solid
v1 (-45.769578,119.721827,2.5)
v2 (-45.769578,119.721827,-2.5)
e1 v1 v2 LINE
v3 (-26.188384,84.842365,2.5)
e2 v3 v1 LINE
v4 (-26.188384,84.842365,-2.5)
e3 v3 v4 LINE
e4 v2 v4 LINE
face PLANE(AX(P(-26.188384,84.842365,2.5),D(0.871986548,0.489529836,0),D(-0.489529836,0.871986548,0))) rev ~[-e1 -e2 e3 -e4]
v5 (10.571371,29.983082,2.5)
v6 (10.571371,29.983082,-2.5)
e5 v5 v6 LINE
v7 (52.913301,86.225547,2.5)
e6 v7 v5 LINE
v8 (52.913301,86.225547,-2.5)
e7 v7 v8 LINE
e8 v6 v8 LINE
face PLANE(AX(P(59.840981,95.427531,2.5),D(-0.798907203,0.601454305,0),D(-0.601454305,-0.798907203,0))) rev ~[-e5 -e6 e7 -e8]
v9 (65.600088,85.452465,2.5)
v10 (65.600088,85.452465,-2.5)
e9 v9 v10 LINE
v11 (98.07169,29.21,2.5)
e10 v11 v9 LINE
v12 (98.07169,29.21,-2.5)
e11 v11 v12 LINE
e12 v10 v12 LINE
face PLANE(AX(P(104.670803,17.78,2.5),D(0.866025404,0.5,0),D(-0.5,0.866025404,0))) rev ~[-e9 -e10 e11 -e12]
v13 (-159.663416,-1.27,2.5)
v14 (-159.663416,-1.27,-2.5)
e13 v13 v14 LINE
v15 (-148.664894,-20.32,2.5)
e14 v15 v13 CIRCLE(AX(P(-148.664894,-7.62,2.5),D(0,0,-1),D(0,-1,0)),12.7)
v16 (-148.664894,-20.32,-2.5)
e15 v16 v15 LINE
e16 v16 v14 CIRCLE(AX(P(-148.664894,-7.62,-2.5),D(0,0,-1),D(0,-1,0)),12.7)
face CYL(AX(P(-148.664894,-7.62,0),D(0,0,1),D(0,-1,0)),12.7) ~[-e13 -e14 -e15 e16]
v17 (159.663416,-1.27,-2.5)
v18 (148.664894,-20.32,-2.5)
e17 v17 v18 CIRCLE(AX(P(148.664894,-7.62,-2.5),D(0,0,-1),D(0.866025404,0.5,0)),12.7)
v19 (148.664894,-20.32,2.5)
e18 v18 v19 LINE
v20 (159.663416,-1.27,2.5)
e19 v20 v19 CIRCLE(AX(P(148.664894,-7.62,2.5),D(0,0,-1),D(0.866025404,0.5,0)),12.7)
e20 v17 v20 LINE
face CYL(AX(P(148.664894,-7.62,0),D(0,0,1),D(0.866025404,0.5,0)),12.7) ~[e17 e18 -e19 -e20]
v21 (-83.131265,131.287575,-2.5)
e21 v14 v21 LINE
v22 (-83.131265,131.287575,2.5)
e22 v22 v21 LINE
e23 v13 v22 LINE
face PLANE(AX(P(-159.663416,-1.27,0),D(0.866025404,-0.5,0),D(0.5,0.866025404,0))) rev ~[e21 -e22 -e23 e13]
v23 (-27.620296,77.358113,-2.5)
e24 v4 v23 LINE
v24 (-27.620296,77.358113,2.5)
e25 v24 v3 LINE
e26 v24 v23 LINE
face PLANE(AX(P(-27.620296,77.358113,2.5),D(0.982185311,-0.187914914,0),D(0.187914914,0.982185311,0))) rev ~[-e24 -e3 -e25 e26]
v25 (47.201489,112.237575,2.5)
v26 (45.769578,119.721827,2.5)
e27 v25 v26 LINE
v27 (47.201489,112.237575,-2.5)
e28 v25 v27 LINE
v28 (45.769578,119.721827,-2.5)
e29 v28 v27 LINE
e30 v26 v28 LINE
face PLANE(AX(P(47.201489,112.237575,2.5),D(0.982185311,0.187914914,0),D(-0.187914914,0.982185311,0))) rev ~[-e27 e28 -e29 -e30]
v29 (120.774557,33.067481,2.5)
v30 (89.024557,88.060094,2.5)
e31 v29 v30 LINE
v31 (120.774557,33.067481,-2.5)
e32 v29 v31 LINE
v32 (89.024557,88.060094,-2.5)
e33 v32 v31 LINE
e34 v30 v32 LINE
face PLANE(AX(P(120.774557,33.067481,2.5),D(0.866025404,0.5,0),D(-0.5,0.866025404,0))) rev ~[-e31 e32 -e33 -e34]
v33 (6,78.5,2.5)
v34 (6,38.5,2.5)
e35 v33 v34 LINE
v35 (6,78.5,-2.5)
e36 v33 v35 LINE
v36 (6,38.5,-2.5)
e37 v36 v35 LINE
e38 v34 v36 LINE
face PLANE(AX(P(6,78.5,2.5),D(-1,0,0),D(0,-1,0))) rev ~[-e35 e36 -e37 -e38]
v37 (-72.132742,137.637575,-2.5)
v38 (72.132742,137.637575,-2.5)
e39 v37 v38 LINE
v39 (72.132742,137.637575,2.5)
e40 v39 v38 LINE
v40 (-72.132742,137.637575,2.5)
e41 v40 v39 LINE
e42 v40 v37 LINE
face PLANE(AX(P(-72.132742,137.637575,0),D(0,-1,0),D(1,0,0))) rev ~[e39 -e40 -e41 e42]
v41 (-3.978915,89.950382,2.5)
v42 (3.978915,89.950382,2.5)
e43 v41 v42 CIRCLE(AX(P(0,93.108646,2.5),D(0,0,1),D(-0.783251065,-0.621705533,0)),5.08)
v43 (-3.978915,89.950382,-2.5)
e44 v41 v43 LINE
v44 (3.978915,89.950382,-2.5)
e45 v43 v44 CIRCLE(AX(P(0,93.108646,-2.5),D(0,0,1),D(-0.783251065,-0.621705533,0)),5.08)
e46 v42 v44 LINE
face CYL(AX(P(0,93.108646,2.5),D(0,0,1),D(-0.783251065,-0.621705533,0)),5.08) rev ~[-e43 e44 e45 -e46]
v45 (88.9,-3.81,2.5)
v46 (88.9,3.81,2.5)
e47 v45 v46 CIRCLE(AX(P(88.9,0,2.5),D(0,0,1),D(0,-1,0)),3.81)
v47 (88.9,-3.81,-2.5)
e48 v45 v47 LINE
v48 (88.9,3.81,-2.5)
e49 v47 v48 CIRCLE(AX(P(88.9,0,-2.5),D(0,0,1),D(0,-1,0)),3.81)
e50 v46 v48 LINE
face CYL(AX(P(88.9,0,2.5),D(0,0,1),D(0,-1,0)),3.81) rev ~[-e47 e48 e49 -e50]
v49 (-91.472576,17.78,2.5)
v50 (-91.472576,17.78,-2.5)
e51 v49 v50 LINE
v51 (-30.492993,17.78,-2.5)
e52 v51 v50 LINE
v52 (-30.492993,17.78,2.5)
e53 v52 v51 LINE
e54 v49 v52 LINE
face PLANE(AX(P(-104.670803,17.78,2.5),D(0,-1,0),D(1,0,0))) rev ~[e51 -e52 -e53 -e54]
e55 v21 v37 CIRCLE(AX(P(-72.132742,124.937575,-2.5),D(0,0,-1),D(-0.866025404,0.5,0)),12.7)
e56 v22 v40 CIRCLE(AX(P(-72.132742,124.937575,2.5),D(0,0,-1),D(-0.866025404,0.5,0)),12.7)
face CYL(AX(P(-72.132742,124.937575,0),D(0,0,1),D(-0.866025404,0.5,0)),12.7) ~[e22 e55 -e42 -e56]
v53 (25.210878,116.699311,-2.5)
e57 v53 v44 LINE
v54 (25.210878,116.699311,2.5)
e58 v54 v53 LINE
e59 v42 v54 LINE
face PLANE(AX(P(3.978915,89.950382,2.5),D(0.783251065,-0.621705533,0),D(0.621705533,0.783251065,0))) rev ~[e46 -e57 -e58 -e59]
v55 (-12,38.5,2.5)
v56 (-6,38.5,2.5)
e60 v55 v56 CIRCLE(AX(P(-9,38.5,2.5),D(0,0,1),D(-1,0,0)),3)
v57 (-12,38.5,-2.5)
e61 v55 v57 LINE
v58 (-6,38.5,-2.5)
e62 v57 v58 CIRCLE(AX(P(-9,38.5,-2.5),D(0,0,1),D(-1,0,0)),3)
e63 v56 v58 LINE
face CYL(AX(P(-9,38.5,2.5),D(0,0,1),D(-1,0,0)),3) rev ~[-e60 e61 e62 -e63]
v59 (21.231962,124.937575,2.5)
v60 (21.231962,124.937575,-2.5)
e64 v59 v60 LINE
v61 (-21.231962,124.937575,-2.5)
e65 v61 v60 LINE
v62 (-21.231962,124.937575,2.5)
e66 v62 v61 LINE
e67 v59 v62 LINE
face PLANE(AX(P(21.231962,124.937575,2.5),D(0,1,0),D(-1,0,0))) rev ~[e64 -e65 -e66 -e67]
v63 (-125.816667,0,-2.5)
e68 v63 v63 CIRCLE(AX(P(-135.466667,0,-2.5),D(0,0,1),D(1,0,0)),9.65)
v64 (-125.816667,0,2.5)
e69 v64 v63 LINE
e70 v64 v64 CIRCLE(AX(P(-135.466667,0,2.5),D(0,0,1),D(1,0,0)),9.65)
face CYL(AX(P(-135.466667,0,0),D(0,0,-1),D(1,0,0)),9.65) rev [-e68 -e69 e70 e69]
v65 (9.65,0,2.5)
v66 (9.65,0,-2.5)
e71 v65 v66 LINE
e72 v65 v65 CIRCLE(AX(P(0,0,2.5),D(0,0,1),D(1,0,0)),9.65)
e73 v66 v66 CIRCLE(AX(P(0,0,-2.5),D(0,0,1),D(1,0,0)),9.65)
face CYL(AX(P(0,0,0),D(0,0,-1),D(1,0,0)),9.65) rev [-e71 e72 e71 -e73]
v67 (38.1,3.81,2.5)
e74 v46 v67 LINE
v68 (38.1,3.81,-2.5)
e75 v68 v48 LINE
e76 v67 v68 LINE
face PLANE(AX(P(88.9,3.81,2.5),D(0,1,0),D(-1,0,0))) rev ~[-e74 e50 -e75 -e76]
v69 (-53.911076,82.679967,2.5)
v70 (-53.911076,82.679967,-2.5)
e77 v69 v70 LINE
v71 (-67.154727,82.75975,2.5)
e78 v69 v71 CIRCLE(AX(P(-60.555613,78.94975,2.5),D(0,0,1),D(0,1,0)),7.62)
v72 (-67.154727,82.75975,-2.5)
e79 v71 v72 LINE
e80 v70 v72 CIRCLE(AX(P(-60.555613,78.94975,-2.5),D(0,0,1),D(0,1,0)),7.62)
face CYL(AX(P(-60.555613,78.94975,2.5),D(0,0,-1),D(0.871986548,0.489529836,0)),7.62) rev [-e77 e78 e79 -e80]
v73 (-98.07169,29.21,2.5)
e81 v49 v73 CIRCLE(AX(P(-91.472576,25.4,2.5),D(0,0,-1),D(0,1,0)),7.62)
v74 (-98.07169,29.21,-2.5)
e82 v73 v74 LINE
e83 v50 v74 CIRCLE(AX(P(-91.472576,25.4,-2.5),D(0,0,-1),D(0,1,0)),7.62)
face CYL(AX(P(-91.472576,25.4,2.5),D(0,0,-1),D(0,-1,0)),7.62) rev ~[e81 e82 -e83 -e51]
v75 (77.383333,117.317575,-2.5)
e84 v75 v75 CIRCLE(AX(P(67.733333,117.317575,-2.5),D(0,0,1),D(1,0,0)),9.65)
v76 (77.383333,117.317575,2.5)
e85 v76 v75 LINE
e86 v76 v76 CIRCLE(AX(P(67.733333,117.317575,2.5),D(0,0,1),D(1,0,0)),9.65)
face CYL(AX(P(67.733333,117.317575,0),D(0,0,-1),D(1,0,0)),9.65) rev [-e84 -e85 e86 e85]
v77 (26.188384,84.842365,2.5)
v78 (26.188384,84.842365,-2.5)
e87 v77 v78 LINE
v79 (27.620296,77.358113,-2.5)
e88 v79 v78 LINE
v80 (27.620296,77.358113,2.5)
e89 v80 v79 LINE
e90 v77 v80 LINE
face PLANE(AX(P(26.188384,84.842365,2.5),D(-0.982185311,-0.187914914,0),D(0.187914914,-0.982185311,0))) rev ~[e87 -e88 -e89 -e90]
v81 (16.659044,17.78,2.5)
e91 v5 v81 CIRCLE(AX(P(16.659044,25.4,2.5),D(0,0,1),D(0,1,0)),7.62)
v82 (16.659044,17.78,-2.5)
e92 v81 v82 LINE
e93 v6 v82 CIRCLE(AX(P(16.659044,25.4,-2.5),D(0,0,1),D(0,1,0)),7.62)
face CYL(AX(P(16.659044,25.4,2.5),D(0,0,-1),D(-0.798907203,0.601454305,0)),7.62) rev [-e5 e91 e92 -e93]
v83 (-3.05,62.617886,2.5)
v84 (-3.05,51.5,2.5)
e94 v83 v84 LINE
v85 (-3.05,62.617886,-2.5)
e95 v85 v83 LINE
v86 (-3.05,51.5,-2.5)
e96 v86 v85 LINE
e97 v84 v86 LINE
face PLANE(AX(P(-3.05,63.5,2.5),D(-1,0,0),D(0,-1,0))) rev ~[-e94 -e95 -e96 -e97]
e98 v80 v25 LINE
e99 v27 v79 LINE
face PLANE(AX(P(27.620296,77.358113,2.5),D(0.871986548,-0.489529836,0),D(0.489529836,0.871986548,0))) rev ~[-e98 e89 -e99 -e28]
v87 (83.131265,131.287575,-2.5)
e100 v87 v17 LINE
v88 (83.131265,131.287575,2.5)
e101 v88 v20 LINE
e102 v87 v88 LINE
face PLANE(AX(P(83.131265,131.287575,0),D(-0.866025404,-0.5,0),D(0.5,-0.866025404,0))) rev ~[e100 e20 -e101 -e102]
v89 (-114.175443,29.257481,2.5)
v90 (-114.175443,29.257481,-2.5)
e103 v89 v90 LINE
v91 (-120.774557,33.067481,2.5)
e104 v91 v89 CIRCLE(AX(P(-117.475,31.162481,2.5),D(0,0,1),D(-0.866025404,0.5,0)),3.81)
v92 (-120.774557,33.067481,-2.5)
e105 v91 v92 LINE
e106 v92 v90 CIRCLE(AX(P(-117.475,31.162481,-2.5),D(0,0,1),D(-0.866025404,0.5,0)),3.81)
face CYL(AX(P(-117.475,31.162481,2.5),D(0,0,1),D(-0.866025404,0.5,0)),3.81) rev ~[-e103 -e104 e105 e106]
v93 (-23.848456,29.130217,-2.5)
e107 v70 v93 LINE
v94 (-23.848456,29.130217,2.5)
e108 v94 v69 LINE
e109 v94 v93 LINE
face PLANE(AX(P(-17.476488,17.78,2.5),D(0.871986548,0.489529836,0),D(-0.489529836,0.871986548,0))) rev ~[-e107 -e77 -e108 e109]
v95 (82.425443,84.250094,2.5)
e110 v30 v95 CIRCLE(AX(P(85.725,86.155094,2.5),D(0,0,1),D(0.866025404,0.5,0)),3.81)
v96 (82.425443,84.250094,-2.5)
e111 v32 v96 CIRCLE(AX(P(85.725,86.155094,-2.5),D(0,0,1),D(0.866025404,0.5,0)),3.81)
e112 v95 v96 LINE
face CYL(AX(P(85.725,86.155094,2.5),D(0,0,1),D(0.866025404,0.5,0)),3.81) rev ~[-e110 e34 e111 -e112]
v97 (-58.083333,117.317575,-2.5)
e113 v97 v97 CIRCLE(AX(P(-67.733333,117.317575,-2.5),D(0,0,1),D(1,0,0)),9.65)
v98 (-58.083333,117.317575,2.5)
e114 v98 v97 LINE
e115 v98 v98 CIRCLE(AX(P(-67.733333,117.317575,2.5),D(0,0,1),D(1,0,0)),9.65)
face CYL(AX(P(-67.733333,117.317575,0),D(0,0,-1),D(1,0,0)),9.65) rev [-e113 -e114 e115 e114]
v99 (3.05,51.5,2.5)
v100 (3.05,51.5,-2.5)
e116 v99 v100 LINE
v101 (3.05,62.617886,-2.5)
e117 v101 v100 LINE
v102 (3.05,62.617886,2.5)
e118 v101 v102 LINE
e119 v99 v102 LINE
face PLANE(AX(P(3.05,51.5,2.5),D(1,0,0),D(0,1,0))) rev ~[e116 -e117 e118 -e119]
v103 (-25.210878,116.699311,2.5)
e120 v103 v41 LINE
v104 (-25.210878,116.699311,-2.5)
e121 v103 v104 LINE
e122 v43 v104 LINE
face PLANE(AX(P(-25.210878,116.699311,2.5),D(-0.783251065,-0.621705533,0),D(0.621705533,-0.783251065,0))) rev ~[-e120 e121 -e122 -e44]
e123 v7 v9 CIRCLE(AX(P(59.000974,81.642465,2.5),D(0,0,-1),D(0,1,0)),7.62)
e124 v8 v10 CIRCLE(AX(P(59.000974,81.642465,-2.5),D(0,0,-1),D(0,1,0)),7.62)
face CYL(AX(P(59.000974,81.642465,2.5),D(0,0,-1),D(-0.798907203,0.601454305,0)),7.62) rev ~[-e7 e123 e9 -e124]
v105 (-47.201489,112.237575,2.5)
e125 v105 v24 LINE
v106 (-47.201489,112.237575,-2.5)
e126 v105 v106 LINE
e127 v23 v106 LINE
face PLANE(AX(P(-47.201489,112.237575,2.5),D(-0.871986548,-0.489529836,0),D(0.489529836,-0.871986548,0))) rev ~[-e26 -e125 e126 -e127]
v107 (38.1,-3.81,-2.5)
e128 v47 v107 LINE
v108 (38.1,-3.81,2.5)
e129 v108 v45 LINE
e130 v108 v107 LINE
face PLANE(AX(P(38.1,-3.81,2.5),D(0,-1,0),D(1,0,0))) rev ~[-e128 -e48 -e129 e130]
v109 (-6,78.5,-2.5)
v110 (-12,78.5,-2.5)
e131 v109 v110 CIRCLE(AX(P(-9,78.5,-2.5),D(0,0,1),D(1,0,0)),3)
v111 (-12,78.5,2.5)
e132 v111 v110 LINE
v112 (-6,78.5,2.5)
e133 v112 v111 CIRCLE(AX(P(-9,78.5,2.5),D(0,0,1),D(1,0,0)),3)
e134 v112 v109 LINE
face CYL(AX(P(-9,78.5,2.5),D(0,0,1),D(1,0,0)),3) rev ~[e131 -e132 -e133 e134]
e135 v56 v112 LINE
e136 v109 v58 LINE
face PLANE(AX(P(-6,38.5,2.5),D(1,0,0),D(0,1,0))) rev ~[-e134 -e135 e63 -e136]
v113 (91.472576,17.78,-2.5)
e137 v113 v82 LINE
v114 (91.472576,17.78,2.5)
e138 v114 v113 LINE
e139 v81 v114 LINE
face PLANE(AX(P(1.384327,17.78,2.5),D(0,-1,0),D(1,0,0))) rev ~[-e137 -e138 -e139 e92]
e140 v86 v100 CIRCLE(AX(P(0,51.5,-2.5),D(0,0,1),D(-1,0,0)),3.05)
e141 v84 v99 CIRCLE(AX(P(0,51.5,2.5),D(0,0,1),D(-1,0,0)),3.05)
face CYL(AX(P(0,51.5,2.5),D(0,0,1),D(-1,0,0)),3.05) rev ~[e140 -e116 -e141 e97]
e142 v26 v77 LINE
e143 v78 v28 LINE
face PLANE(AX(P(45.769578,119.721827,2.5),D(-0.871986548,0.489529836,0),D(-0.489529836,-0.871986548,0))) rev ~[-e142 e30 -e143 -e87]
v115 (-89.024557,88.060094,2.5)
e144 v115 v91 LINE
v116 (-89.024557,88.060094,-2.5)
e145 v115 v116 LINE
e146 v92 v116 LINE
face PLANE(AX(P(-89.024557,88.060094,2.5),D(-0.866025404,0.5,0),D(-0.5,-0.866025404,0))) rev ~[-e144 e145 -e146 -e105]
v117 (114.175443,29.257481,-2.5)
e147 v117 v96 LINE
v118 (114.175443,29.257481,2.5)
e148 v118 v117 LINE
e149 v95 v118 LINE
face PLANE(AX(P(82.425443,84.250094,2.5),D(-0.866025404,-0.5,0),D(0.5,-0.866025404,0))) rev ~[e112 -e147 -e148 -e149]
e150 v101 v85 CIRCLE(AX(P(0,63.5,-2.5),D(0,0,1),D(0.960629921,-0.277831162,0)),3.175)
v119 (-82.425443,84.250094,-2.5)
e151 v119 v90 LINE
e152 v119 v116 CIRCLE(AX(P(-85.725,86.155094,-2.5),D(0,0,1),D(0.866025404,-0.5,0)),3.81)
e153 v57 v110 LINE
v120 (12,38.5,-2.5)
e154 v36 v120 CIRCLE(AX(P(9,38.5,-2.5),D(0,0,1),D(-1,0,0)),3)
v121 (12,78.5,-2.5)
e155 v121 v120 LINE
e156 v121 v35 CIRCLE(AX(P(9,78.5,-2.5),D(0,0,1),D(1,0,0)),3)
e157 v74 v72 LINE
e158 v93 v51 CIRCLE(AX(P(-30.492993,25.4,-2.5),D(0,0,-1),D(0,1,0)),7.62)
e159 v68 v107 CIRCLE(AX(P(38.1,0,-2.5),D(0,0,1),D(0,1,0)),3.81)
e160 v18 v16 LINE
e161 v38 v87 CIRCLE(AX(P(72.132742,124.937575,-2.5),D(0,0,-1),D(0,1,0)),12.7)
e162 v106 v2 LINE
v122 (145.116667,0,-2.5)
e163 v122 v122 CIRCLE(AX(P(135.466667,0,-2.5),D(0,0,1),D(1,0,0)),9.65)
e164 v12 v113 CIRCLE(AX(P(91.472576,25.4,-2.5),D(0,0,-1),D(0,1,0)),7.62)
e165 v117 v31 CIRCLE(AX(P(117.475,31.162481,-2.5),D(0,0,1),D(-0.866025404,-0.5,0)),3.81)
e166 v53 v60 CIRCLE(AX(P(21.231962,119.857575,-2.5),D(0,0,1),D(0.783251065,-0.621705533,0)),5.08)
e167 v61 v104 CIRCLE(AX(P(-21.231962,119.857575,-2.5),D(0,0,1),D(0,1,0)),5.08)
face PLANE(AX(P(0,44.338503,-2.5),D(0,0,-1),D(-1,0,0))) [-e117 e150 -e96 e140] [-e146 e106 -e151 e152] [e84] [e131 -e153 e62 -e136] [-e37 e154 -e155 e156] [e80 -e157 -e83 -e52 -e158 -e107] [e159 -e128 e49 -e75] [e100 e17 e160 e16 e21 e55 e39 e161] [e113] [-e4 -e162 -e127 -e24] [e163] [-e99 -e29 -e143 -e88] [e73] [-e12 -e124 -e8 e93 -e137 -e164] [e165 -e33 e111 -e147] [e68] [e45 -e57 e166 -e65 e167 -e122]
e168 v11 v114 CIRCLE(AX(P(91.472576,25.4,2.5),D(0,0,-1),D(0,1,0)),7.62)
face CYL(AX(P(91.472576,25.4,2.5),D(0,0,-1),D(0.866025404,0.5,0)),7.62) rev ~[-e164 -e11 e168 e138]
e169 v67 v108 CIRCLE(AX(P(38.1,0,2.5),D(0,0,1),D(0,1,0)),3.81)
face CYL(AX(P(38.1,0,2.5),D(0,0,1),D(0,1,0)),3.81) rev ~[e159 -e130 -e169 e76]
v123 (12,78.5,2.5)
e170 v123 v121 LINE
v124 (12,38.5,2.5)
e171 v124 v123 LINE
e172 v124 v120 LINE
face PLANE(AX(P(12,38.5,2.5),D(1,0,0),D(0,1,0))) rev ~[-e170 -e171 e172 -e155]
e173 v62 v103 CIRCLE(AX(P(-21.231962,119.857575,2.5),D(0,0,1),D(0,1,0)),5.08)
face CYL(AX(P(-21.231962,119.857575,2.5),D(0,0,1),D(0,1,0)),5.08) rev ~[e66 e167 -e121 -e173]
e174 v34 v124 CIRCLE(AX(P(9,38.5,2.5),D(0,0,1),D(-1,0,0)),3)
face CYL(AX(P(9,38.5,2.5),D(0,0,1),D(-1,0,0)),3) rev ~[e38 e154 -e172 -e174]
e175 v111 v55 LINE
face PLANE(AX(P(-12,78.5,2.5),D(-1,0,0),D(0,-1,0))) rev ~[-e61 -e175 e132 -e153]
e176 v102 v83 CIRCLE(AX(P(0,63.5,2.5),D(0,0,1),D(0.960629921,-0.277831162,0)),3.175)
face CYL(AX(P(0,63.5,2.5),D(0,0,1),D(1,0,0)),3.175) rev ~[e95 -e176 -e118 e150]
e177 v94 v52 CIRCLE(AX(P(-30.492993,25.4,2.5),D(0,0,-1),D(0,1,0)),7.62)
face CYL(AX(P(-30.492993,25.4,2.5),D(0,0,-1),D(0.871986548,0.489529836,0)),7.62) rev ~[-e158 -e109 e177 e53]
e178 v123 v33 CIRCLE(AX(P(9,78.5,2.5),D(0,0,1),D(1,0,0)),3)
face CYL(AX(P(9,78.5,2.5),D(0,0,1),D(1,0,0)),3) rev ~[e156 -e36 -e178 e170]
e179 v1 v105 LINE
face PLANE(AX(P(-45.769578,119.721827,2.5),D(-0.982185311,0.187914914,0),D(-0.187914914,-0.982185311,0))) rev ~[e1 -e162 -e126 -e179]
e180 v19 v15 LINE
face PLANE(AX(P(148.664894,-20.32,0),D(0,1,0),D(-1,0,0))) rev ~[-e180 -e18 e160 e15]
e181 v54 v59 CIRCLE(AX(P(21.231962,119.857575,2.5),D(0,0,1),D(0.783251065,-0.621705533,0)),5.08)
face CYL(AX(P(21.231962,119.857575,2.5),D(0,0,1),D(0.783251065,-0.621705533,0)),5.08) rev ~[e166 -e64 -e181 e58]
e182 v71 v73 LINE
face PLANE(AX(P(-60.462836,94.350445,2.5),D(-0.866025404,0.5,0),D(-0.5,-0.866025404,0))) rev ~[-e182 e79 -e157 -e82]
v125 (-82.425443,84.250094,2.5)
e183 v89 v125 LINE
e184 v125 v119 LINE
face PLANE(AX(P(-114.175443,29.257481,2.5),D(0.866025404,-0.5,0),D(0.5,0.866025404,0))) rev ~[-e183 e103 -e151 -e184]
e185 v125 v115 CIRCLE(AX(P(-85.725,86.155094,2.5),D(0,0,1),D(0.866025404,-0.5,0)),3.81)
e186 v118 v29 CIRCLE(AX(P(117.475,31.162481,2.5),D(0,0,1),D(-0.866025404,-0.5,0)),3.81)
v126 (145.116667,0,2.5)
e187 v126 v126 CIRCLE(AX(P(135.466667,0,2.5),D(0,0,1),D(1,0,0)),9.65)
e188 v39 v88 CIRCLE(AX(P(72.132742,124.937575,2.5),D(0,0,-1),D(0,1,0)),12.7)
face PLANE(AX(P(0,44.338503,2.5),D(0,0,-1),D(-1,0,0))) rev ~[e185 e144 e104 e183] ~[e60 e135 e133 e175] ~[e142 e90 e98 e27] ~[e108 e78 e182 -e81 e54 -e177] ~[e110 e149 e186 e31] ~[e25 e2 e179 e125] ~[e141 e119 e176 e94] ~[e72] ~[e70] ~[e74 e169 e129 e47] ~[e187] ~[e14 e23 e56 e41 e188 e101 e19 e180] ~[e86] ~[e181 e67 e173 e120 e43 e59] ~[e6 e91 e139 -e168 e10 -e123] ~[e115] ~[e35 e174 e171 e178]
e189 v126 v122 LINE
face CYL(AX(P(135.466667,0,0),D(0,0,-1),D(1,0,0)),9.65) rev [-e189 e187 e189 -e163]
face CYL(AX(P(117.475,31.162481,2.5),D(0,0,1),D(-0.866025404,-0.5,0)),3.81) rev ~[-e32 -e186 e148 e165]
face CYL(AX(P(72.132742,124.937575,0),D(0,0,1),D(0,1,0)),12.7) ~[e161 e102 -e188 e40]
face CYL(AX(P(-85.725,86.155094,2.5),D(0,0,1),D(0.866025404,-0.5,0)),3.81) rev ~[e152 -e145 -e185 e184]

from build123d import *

# Parameters (mm, degrees)
SKETCH1_R           = 9.65
BOSS_EXTRUDE1_DEPTH = 2.5
CUT_EXTRUDE2_DEPTH  = 6
FILLET1_R           = 7.62
SKETCH3_R           = 3.175
CUT_EXTRUDE3_DEPTH  = 31.75
CUT_EXTRUDE4_DEPTH  = 6


with BuildPart() as part:
    # Sketch1 → Boss-Extrude1 (new body, symmetric)
    with BuildSketch(Plane.XY):
        with BuildLine():
            ThreePointArc((-148.66489382, -20.32), (-159.663416448, -13.97), (-159.663416448, -1.27))
            Line((-159.663416448, -1.27), (-83.131265013, 131.287574699))
            ThreePointArc((-83.131265013, 131.287574699), (-78.482742385, 135.936097327), (-72.132742385, 137.637574699))
            Line((-72.132742385, 137.637574699), (72.132742385, 137.637574699))
            ThreePointArc((72.132742385, 137.637574699), (78.482742385, 135.936097327), (83.131265013, 131.287574699))
            Line((83.131265013, 131.287574699), (159.663416448, -1.27))
            ThreePointArc((159.663416448, -1.27), (159.663416448, -13.97), (148.66489382, -20.32))
            Line((148.66489382, -20.32), (-148.66489382, -20.32))
        make_face()
        Circle(SKETCH1_R, mode=Mode.SUBTRACT)
        with Locations((-135.466666667, 0)):
            Circle(SKETCH1_R, mode=Mode.SUBTRACT)
        with Locations((135.466666667, 0)):
            Circle(SKETCH1_R, mode=Mode.SUBTRACT)
        with Locations((-67.733333333, 117.317574699)):
            Circle(SKETCH1_R, mode=Mode.SUBTRACT)
        with Locations((67.733333333, 117.317574699)):
            Circle(SKETCH1_R, mode=Mode.SUBTRACT)
    extrude(amount=BOSS_EXTRUDE1_DEPTH, both=True)

    # Sketch2 → Cut-Extrude2 (cut, through all)
    with BuildSketch(Plane.XY.offset(2.5)):
        Polygon((-17.476488174, 17.78), (-60.462836348, 94.350444874), (-104.670803308, 17.78), align=None)
        Polygon((59.840980548, 95.427530715), (1.38432688, 17.78), (104.670803308, 17.78), align=None)
    extrude(amount=-CUT_EXTRUDE2_DEPTH, mode=Mode.SUBTRACT)

    # Fillet1
    fillet1_edges = [part.edges().sort_by_distance(p)[0] for p in [
        (-17.476488174, 17.78, 0),
        (-104.670803308, 17.78, 0),
        (-60.462836348, 94.350444874, 0),
        (59.840980548, 95.427530715, 0),
        (104.670803308, 17.78, 0),
        (1.38432688, 17.78, 0),
    ]]
    fillet(fillet1_edges, radius=FILLET1_R)

    # Sketch3 → Cut-Extrude3 (cut)
    with BuildSketch(Plane.XY.offset(2.5)):
        with Locations((0, 63.5)):
            Circle(SKETCH3_R)
    extrude(amount=-CUT_EXTRUDE3_DEPTH, mode=Mode.SUBTRACT)

    # Sketch4 → Cut-Extrude4 (cut, through all)
    with BuildSketch(Plane.XY.offset(2.5)):
        with BuildLine():
            Line((-114.175443212, 29.25748078), (-82.425443212, 84.25009392))
            ThreePointArc((-82.425443212, 84.25009392), (-83.82, 89.454650708), (-89.024556788, 88.06009392))
            Line((-89.024556788, 88.06009392), (-120.774556788, 33.06748078))
            ThreePointArc((-120.774556788, 33.06748078), (-119.38, 27.862923991), (-114.175443212, 29.25748078))
        make_face()
        Polygon((-47.20148926, 112.237574699), (-27.620295809, 77.358112791), (-26.188384166, 84.842364861), (-45.769577617, 119.721826769), align=None)
        Polygon((45.769577617, 119.721826769), (26.188384166, 84.842364861), (27.620295809, 77.358112791), (47.20148926, 112.237574699), align=None)
        with BuildLine():
            Line((3.978915409, 89.950381514), (25.210877866, 116.699310593))
            ThreePointArc((25.210877866, 116.699310593), (25.806368519, 122.066920569), (21.231962456, 124.937574699))
            Line((21.231962456, 124.937574699), (-21.231962456, 124.937574699))
            ThreePointArc((-21.231962456, 124.937574699), (-25.806368519, 122.066920569), (-25.210877866, 116.699310593))
            Line((-25.210877866, 116.699310593), (-3.978915409, 89.950381514))
            ThreePointArc((-3.978915409, 89.950381514), (0, 88.028645621), (3.978915409, 89.950381514))
        make_face()
        with BuildLine():
            Line((82.425443212, 84.25009392), (114.175443212, 29.25748078))
            ThreePointArc((114.175443212, 29.25748078), (119.38, 27.862923991), (120.774556788, 33.06748078))
            Line((120.774556788, 33.06748078), (89.024556788, 88.06009392))
            ThreePointArc((89.024556788, 88.06009392), (83.82, 89.454650708), (82.425443212, 84.25009392))
        make_face()
        with BuildLine():
            Line((88.9, 3.81), (38.1, 3.81))
            ThreePointArc((38.1, 3.81), (34.29, 0), (38.1, -3.81))
            Line((38.1, -3.81), (88.9, -3.81))
            ThreePointArc((88.9, -3.81), (92.71, 0), (88.9, 3.81))
        make_face()
        with BuildLine():
            Line((-3.05, 63.5), (-3.05, 51.5))
            ThreePointArc((-3.05, 51.5), (0, 48.45), (3.05, 51.5))
            Line((3.05, 51.5), (3.05, 63.5))
            ThreePointArc((3.05, 63.5), (0, 66.55), (-3.05, 63.5))
        make_face()
        with BuildLine():
            Line((6, 78.5), (6, 38.5))
            ThreePointArc((6, 38.5), (9, 35.5), (12, 38.5))
            Line((12, 38.5), (12, 78.5))
            ThreePointArc((12, 78.5), (9, 81.5), (6, 78.5))
        make_face()
        with BuildLine():
            Line((-12, 78.5), (-12, 38.5))
            ThreePointArc((-12, 38.5), (-9, 35.5), (-6, 38.5))
            Line((-6, 38.5), (-6, 78.5))
            ThreePointArc((-6, 78.5), (-9, 81.5), (-12, 78.5))
        make_face()
    extrude(amount=-CUT_EXTRUDE4_DEPTH, mode=Mode.SUBTRACT)


solid = part.part
